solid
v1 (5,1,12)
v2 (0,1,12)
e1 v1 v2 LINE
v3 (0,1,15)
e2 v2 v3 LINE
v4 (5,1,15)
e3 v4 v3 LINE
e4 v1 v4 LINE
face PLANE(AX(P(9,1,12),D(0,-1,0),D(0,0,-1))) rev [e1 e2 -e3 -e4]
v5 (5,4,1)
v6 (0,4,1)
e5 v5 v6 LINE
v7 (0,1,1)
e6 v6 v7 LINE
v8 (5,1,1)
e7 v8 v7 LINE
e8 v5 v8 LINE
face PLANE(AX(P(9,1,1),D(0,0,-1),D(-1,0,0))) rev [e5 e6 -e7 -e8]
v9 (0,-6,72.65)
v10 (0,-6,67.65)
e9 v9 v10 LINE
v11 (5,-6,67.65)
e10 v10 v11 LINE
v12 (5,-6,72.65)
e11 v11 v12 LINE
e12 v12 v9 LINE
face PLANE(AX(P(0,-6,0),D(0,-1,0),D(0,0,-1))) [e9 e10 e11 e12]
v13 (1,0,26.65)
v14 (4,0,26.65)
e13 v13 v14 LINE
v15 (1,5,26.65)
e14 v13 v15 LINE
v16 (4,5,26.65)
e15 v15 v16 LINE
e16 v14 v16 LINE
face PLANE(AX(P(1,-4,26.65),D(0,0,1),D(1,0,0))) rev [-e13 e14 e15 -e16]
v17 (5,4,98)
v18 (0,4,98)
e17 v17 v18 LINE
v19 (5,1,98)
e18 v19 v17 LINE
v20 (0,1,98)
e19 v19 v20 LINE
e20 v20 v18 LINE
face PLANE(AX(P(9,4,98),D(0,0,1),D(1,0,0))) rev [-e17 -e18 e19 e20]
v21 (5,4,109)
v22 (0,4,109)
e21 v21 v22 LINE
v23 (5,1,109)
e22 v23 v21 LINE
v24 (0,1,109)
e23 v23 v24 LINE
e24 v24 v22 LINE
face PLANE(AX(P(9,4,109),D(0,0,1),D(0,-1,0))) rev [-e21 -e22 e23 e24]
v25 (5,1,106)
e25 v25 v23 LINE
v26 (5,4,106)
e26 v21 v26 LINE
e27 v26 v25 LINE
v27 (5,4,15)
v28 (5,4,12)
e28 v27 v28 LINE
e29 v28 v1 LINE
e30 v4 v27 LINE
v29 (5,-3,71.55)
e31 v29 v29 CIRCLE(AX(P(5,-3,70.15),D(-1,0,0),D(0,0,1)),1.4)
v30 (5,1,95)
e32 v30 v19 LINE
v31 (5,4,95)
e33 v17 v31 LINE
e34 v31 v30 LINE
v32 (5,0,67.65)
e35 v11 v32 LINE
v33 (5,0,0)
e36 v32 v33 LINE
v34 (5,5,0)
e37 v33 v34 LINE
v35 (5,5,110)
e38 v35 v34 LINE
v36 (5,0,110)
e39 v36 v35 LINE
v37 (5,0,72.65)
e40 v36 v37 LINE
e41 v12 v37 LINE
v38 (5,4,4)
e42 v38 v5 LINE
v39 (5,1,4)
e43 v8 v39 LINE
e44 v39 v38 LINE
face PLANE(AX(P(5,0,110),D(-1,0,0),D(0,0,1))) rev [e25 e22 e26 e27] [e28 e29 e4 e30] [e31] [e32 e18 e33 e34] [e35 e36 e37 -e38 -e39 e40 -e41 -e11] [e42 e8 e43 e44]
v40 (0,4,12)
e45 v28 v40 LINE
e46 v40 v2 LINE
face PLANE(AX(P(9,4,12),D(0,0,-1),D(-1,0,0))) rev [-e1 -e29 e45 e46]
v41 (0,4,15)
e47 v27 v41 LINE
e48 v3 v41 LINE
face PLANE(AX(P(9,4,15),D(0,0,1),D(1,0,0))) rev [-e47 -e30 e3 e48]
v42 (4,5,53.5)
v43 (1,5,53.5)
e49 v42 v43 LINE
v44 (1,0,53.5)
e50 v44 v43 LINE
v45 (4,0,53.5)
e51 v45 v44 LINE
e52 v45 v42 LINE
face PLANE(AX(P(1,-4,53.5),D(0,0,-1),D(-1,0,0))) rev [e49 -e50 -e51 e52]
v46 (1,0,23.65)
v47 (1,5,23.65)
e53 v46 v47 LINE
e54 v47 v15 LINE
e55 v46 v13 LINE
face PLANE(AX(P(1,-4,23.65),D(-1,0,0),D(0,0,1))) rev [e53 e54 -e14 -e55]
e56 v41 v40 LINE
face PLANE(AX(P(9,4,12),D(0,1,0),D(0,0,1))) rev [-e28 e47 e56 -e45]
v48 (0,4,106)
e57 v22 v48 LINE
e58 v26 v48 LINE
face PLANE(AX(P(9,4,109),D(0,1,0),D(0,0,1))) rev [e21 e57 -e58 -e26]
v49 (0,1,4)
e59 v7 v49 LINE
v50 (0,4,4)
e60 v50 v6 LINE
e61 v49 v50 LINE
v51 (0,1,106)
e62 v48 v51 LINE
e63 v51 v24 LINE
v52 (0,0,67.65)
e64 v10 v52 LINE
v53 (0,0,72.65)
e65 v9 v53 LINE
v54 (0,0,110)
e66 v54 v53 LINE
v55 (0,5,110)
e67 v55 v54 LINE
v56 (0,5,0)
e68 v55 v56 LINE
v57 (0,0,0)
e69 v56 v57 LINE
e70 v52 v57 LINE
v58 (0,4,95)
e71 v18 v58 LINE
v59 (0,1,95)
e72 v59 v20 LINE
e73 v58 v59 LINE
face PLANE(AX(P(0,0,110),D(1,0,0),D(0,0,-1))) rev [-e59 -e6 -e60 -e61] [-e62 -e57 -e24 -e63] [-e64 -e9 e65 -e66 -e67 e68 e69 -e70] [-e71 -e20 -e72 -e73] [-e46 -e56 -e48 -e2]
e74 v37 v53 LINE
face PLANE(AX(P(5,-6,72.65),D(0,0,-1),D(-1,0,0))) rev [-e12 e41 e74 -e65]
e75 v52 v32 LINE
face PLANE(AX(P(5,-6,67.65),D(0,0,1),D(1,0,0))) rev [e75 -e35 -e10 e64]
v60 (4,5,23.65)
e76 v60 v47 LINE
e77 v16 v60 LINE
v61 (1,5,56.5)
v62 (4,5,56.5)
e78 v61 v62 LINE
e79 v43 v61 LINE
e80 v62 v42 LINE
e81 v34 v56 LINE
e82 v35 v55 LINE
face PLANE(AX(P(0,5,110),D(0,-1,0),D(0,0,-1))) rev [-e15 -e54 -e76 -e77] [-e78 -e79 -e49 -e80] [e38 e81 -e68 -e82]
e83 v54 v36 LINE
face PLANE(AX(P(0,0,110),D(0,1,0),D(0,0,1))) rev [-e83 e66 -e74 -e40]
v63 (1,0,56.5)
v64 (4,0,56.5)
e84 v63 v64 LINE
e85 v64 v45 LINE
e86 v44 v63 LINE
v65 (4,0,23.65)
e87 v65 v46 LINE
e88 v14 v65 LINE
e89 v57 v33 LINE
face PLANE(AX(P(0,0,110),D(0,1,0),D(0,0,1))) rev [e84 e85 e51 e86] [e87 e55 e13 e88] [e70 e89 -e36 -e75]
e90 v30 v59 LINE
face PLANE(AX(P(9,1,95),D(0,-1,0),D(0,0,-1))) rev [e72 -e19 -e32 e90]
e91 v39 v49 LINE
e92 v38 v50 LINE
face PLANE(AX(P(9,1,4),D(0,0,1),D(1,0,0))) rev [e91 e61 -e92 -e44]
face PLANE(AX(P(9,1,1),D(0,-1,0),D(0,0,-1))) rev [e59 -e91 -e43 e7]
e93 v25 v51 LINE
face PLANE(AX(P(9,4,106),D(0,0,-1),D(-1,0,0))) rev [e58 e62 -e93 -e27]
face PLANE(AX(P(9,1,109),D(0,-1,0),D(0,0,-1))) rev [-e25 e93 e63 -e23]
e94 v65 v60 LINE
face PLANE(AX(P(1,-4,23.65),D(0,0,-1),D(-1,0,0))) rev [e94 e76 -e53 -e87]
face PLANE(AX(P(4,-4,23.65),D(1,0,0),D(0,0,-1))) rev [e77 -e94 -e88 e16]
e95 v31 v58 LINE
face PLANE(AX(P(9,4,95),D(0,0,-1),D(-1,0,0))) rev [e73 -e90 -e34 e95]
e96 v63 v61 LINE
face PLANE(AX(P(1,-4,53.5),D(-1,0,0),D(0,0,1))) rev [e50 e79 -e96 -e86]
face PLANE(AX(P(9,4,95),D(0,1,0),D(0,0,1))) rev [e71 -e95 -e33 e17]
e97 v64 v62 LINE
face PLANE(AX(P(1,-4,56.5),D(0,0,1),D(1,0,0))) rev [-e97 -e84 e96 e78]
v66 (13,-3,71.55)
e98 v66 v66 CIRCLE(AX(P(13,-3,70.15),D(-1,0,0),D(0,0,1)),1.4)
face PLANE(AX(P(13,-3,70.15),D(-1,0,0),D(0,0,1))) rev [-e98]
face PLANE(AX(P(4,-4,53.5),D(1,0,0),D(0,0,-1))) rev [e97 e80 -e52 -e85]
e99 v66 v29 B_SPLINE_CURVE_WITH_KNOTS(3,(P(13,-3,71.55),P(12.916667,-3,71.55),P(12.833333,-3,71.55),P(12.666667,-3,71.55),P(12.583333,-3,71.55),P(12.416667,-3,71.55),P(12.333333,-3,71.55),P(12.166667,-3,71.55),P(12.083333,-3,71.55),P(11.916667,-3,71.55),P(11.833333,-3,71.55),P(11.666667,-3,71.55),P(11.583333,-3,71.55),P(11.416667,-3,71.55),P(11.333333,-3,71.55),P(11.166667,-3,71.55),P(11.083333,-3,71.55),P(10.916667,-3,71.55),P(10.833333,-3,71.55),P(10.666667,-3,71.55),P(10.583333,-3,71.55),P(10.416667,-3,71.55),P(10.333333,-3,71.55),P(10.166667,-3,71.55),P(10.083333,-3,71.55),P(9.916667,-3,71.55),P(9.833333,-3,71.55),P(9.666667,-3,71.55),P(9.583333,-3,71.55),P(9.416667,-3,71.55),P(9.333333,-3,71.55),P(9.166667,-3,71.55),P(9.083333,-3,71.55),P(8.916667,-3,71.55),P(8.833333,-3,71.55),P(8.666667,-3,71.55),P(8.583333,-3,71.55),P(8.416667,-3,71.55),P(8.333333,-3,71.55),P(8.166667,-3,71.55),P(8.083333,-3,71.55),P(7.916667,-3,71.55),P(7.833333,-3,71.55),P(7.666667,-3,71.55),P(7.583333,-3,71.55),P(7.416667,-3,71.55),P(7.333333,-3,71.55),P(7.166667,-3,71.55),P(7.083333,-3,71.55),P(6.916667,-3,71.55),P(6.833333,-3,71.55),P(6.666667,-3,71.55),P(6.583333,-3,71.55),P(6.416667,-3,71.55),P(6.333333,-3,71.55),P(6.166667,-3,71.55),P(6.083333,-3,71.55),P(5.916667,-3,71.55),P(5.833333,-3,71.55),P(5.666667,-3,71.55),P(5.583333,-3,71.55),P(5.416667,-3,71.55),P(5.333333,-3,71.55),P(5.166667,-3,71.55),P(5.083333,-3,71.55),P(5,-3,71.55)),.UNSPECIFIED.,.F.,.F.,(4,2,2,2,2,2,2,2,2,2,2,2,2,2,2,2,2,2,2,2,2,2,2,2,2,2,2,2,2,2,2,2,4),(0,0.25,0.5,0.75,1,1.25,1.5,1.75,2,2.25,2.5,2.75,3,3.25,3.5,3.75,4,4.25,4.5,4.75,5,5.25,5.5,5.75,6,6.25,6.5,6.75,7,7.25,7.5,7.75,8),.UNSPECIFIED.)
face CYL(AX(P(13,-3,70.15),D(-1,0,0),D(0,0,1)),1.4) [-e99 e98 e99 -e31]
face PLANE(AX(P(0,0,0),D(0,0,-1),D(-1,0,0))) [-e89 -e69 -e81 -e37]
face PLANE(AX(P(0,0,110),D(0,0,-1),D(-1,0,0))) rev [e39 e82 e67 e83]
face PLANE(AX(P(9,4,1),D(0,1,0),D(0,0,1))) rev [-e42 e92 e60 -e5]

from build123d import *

# Parameters (mm, degrees)
SKETCH1_W           = 5
SKETCH1_H           = 5
BOSS_EXTRUDE1_DEPTH = 110
SKETCH2_W           = 3
SKETCH2_H           = 3
CUT_EXTRUDE1_DEPTH  = 9
SKETCH3_W           = 3
SKETCH3_H           = 3
CUT_EXTRUDE2_DEPTH  = 9
SKETCH4_W           = 5
SKETCH4_H           = 5
BOSS_EXTRUDE2_DEPTH = 6
SKETCH5_R           = 1.4
BOSS_EXTRUDE3_DEPTH = 13


with BuildPart() as part:
    # Sketch1 → Boss-Extrude1 (new body)
    with BuildSketch(Plane.XY):
        with Locations((2.5, 2.5)):
            Rectangle(SKETCH1_W, SKETCH1_H)
    extrude(amount=BOSS_EXTRUDE1_DEPTH)

    # Sketch2 → Cut-Extrude1 (cut)
    with BuildSketch(Plane.ZY):
        with Locations((2.5, 2.5)):
            Rectangle(SKETCH2_W, SKETCH2_H)
        with Locations((107.5, 2.5)):
            Rectangle(SKETCH2_W, SKETCH2_H)
        with Locations((13.5, 2.5)):
            Rectangle(SKETCH2_W, SKETCH2_H)
        with Locations((96.5, 2.5)):
            Rectangle(SKETCH2_W, SKETCH2_H)
    extrude(amount=-CUT_EXTRUDE1_DEPTH, mode=Mode.SUBTRACT)

    # Sketch3 → Cut-Extrude2 (cut)
    with BuildSketch(Plane(origin=(0, 5, 0), x_dir=(1, 0, 0), z_dir=(0, 1, 0))):
        with Locations((2.5, -25.15)):
            Rectangle(SKETCH3_W, SKETCH3_H)
        with Locations((2.5, -55)):
            Rectangle(SKETCH3_W, SKETCH3_H)
    extrude(amount=-CUT_EXTRUDE2_DEPTH, mode=Mode.SUBTRACT)

    # Sketch4 → Boss-Extrude2 (add)
    with BuildSketch(Plane(origin=(0, 0, 0), x_dir=(-1, 0, 0), z_dir=(0, -1, 0))):
        with Locations((-2.5, -70.15)):
            Rectangle(SKETCH4_W, SKETCH4_H)
    extrude(amount=BOSS_EXTRUDE2_DEPTH)

    # Sketch5 → Boss-Extrude3 (add)
    with BuildSketch(Plane.ZY):
        with Locations((70.15, -3)):
            Circle(SKETCH5_R)
    extrude(amount=-BOSS_EXTRUDE3_DEPTH)


solid = part.part
